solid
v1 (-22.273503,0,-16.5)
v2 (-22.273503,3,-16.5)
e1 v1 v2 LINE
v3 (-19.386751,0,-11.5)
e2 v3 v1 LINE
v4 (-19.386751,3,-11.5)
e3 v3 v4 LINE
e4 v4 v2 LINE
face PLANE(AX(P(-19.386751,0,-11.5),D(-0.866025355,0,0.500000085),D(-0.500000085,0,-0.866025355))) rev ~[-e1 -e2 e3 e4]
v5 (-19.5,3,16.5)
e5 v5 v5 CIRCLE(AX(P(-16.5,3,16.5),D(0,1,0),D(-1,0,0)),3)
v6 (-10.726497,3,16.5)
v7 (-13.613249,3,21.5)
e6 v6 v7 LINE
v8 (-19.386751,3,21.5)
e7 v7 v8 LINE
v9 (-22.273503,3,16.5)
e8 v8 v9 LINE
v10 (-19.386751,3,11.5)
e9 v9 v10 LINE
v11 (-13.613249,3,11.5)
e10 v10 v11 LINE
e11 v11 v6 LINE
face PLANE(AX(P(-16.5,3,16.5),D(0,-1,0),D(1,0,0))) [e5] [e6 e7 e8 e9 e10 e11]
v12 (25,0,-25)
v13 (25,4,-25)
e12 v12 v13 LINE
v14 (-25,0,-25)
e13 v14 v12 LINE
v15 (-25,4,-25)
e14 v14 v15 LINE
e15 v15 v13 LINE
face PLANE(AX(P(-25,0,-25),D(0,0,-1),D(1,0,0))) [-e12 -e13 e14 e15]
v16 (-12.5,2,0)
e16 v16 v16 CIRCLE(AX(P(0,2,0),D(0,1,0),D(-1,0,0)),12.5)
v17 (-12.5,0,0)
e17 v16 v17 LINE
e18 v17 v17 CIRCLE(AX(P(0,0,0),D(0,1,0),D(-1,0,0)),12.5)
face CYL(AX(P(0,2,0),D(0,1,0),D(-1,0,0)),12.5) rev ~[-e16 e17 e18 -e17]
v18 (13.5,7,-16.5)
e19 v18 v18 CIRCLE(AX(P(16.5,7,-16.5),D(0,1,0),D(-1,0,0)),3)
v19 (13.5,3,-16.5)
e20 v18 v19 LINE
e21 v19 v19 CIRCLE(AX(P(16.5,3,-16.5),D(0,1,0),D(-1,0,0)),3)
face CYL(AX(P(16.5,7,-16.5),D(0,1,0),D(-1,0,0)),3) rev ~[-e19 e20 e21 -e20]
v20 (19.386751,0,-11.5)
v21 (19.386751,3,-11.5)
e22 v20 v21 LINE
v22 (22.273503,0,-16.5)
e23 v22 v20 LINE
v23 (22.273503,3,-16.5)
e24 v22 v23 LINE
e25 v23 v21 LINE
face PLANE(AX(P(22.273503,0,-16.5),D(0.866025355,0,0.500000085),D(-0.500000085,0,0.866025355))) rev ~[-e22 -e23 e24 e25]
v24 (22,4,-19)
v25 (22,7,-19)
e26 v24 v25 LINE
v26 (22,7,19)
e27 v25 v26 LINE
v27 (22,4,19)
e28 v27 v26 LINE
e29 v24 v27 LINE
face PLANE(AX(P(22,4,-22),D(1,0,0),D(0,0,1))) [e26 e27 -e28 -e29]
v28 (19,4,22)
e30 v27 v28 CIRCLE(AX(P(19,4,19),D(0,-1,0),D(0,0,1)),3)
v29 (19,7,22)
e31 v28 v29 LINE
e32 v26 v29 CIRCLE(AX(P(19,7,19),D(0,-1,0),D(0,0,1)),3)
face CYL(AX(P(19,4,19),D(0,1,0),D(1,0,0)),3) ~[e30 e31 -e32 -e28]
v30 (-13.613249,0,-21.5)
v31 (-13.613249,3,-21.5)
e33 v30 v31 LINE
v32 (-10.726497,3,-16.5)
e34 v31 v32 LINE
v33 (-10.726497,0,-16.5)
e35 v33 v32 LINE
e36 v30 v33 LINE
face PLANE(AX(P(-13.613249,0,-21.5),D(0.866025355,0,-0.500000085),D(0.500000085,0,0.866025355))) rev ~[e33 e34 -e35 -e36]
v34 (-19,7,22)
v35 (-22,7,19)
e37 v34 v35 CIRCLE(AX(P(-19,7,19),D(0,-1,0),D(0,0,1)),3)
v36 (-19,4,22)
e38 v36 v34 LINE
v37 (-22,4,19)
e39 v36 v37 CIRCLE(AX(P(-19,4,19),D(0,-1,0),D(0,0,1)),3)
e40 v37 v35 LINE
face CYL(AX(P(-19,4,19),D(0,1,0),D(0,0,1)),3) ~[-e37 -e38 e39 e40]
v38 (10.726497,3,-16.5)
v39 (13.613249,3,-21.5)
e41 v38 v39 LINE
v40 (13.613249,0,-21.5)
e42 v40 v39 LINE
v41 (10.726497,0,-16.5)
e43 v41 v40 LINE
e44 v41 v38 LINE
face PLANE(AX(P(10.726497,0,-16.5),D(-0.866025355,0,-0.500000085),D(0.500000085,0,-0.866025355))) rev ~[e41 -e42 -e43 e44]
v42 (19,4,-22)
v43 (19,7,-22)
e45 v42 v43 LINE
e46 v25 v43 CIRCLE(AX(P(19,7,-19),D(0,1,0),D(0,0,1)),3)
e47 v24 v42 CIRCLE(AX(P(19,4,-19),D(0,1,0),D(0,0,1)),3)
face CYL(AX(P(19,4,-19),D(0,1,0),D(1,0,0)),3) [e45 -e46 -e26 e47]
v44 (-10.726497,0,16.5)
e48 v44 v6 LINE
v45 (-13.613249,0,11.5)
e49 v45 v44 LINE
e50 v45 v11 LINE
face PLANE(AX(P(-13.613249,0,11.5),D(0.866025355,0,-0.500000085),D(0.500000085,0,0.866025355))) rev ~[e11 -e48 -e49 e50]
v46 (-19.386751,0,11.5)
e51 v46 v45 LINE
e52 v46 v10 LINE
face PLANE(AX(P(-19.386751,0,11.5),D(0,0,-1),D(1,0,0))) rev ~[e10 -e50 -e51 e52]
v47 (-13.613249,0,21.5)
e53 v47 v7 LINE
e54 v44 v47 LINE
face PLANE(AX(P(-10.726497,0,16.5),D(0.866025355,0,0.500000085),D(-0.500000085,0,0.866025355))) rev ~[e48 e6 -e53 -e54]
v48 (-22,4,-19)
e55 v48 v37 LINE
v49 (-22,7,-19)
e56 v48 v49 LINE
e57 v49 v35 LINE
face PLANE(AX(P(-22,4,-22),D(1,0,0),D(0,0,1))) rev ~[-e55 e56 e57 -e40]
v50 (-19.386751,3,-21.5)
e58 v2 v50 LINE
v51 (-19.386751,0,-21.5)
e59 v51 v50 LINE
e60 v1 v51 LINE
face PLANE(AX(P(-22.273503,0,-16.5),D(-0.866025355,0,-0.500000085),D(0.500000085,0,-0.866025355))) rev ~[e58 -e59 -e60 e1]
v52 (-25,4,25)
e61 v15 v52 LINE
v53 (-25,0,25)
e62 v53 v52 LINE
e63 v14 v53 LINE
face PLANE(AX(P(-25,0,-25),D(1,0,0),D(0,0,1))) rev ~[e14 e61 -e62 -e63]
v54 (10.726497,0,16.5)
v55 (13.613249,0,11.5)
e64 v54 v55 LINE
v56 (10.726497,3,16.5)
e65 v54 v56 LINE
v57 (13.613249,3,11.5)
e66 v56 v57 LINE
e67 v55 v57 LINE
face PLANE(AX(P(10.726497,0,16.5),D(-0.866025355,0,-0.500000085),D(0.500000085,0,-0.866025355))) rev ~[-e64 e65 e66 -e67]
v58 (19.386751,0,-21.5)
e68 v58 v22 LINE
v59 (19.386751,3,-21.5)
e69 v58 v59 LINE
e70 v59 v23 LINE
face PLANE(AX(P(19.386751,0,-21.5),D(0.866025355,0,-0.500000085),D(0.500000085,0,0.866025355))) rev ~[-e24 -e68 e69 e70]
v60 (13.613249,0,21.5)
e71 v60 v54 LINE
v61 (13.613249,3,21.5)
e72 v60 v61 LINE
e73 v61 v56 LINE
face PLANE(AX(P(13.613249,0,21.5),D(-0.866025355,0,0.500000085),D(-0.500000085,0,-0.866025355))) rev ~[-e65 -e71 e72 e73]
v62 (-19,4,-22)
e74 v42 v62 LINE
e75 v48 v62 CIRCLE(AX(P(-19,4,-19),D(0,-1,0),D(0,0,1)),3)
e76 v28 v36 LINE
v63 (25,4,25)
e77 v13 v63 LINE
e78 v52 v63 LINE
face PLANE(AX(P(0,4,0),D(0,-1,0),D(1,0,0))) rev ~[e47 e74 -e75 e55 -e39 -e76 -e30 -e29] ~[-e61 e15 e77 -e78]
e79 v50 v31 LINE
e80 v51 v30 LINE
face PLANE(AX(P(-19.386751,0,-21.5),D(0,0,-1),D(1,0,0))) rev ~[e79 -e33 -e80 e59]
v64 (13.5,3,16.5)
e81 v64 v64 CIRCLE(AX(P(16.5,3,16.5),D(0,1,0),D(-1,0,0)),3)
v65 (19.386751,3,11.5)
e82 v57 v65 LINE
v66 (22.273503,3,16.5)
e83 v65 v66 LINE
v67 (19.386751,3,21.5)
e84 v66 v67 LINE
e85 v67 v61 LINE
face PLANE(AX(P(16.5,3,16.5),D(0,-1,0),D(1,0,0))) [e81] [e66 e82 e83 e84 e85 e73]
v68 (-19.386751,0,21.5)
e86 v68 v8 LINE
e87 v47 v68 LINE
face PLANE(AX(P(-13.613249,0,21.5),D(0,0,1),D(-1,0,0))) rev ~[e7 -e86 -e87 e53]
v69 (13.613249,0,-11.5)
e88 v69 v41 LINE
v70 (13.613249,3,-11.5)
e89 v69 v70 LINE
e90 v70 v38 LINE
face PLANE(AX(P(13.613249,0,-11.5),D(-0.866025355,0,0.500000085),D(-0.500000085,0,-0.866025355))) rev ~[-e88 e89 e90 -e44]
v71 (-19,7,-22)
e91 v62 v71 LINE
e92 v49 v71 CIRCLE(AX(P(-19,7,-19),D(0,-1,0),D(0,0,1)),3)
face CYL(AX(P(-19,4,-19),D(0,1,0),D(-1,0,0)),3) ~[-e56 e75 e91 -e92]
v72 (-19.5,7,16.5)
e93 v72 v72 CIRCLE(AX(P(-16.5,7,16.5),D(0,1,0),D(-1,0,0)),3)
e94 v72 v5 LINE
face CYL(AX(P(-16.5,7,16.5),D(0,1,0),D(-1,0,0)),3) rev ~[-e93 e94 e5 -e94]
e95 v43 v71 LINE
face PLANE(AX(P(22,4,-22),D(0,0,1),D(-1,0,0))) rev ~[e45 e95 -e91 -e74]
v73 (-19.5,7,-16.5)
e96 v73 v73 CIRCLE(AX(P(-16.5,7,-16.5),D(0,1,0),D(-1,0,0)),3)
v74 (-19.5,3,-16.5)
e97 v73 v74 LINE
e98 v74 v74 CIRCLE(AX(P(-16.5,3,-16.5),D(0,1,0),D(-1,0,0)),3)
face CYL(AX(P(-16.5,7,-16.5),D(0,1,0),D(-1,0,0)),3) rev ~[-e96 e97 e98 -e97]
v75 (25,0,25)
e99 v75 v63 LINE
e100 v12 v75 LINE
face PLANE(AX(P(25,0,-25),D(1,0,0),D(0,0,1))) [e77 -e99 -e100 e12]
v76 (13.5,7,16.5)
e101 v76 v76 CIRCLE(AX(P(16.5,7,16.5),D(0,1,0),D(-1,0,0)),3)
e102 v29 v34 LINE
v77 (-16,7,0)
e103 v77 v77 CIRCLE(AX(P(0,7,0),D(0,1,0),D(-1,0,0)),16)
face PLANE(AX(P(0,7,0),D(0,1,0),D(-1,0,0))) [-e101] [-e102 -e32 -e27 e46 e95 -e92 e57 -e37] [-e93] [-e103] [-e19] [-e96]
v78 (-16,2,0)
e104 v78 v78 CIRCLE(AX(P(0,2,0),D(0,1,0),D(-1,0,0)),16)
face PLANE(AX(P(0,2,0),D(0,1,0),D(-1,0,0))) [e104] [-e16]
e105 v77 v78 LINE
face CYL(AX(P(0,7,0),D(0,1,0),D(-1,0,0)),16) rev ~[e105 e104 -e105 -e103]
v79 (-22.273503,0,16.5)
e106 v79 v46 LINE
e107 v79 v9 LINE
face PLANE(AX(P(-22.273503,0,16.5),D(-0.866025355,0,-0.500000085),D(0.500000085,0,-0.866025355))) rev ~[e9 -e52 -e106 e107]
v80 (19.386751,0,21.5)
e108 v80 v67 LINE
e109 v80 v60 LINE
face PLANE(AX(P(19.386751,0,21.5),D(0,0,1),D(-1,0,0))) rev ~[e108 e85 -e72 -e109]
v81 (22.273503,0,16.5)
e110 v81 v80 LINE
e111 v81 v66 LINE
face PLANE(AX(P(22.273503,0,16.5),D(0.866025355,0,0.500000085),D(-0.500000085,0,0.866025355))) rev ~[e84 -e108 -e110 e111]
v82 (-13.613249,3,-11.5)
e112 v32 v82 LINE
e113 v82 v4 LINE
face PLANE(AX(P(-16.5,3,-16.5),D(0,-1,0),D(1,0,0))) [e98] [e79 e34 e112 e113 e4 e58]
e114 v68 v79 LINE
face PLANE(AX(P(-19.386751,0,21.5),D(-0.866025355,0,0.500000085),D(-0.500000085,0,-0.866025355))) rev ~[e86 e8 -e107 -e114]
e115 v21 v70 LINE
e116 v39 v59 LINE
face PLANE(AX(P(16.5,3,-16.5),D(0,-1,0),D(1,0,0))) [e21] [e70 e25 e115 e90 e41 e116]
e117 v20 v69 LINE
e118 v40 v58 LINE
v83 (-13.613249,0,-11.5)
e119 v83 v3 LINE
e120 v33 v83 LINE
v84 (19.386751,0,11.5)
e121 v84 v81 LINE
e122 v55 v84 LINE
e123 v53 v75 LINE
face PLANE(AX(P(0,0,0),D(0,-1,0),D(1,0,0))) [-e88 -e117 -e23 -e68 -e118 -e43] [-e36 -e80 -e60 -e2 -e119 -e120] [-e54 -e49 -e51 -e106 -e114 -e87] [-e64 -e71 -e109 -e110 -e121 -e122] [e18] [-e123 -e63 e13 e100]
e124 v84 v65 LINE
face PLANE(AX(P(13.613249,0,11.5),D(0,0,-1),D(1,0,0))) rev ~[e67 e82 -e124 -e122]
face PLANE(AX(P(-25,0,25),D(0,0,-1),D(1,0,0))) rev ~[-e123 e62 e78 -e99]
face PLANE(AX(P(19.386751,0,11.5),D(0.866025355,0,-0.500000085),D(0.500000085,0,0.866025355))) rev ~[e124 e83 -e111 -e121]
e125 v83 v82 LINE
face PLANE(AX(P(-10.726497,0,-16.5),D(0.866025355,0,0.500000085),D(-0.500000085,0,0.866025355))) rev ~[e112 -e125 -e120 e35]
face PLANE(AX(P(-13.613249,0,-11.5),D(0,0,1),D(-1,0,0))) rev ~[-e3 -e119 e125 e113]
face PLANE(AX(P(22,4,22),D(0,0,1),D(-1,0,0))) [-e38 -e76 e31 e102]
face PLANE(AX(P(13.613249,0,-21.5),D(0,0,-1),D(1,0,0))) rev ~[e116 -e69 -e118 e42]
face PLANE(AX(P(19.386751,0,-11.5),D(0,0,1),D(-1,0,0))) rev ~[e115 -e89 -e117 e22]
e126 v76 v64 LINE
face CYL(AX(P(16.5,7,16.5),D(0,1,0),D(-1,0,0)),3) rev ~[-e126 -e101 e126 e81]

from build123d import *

# Parameters (mm, degrees)
F0_W      = 50
F0_H      = 50
F1_DEPTH  = 4
F2_W      = 44
F2_H      = 44
F3_DEPTH  = 3
F4_R      = 3
F4_R_2    = 7.5
F5_DEPTH  = 25
F7_DEPTH  = 3
F8_R      = 12
F9_DEPTH  = 5
F10_R     = 16
F11_DEPTH = 5
F12_R     = 12.5
F13_DEPTH = 2.001
F14_R     = 3


with BuildPart() as f1:
    # F0 (on Front) → F1 (new body)
    with BuildSketch(Plane.XZ):
        Rectangle(F0_W, F0_H)
    extrude(amount=-F1_DEPTH)

    # F2 (on face) → F3 (join)
    with BuildSketch(Plane(origin=(0, 4, 0), x_dir=(-1, 0, 0), z_dir=(0, 1, 0))):
        Rectangle(F2_W, F2_H)
    extrude(amount=F3_DEPTH)

    # F4 (on face) → F5 (cut)
    with BuildSketch(Plane(origin=(0, 7, 0), x_dir=(-1, 0, 0), z_dir=(0, 1, 0))):
        with Locations((-16.5, 16.5)):
            Circle(F4_R)
        with Locations((16.5, 16.5)):
            Circle(F4_R)
        with Locations((16.5, -16.5)):
            Circle(F4_R)
        with Locations((-16.5, -16.5)):
            Circle(F4_R)
        Circle(F4_R_2)
    extrude(amount=-F5_DEPTH, mode=Mode.SUBTRACT)

    # F6 (on face) → F7 (cut)
    with BuildSketch(Plane.XZ):
        Polygon((-19.386751, 11.5), (-13.613249, 11.5), (-10.726497, 16.5), (-13.613249, 21.5), (-19.386751, 21.5), (-22.273503, 16.5), align=None)
        Polygon((19.386751, 21.5), (13.613249, 21.5), (10.726497, 16.5), (13.613249, 11.5), (19.386751, 11.5), (22.273503, 16.5), align=None)
        Polygon((13.613249, -21.5), (19.386751, -21.5), (22.273503, -16.5), (19.386751, -11.5), (13.613249, -11.5), (10.726497, -16.5), align=None)
        Polygon((-19.386751, -21.5), (-13.613249, -21.5), (-10.726497, -16.5), (-13.613249, -11.5), (-19.386751, -11.5), (-22.273503, -16.5), align=None)
    extrude(amount=-F7_DEPTH, mode=Mode.SUBTRACT)

    # F8 (on face) → F9 (cut)
    with BuildSketch(Plane(origin=(0, 7, 0), x_dir=(-1, 0, 0), z_dir=(0, 1, 0))):
        Circle(F8_R)
    extrude(amount=-F9_DEPTH, mode=Mode.SUBTRACT)

    # F10 (on face) → F11 (cut)
    with BuildSketch(Plane(origin=(0, 7, 0), x_dir=(-1, 0, 0), z_dir=(0, 1, 0))):
        Circle(F10_R)
    extrude(amount=-F11_DEPTH, mode=Mode.SUBTRACT)

    # F12 (on face) → F13 (cut, through all)
    with BuildSketch(Plane(origin=(0, 2, 0), x_dir=(-1, 0, 0), z_dir=(0, 1, 0))):
        Circle(F12_R)
    extrude(amount=-F13_DEPTH, mode=Mode.SUBTRACT)

    # F14
    f14_edges = [f1.edges().sort_by_distance(p)[0] for p in [
        (22, 5.5, 22),
        (-22, 5.5, 22),
        (-22, 5.5, -22),
        (22, 5.5, -22),
    ]]
    fillet(f14_edges, radius=F14_R)


solid = f1.part
